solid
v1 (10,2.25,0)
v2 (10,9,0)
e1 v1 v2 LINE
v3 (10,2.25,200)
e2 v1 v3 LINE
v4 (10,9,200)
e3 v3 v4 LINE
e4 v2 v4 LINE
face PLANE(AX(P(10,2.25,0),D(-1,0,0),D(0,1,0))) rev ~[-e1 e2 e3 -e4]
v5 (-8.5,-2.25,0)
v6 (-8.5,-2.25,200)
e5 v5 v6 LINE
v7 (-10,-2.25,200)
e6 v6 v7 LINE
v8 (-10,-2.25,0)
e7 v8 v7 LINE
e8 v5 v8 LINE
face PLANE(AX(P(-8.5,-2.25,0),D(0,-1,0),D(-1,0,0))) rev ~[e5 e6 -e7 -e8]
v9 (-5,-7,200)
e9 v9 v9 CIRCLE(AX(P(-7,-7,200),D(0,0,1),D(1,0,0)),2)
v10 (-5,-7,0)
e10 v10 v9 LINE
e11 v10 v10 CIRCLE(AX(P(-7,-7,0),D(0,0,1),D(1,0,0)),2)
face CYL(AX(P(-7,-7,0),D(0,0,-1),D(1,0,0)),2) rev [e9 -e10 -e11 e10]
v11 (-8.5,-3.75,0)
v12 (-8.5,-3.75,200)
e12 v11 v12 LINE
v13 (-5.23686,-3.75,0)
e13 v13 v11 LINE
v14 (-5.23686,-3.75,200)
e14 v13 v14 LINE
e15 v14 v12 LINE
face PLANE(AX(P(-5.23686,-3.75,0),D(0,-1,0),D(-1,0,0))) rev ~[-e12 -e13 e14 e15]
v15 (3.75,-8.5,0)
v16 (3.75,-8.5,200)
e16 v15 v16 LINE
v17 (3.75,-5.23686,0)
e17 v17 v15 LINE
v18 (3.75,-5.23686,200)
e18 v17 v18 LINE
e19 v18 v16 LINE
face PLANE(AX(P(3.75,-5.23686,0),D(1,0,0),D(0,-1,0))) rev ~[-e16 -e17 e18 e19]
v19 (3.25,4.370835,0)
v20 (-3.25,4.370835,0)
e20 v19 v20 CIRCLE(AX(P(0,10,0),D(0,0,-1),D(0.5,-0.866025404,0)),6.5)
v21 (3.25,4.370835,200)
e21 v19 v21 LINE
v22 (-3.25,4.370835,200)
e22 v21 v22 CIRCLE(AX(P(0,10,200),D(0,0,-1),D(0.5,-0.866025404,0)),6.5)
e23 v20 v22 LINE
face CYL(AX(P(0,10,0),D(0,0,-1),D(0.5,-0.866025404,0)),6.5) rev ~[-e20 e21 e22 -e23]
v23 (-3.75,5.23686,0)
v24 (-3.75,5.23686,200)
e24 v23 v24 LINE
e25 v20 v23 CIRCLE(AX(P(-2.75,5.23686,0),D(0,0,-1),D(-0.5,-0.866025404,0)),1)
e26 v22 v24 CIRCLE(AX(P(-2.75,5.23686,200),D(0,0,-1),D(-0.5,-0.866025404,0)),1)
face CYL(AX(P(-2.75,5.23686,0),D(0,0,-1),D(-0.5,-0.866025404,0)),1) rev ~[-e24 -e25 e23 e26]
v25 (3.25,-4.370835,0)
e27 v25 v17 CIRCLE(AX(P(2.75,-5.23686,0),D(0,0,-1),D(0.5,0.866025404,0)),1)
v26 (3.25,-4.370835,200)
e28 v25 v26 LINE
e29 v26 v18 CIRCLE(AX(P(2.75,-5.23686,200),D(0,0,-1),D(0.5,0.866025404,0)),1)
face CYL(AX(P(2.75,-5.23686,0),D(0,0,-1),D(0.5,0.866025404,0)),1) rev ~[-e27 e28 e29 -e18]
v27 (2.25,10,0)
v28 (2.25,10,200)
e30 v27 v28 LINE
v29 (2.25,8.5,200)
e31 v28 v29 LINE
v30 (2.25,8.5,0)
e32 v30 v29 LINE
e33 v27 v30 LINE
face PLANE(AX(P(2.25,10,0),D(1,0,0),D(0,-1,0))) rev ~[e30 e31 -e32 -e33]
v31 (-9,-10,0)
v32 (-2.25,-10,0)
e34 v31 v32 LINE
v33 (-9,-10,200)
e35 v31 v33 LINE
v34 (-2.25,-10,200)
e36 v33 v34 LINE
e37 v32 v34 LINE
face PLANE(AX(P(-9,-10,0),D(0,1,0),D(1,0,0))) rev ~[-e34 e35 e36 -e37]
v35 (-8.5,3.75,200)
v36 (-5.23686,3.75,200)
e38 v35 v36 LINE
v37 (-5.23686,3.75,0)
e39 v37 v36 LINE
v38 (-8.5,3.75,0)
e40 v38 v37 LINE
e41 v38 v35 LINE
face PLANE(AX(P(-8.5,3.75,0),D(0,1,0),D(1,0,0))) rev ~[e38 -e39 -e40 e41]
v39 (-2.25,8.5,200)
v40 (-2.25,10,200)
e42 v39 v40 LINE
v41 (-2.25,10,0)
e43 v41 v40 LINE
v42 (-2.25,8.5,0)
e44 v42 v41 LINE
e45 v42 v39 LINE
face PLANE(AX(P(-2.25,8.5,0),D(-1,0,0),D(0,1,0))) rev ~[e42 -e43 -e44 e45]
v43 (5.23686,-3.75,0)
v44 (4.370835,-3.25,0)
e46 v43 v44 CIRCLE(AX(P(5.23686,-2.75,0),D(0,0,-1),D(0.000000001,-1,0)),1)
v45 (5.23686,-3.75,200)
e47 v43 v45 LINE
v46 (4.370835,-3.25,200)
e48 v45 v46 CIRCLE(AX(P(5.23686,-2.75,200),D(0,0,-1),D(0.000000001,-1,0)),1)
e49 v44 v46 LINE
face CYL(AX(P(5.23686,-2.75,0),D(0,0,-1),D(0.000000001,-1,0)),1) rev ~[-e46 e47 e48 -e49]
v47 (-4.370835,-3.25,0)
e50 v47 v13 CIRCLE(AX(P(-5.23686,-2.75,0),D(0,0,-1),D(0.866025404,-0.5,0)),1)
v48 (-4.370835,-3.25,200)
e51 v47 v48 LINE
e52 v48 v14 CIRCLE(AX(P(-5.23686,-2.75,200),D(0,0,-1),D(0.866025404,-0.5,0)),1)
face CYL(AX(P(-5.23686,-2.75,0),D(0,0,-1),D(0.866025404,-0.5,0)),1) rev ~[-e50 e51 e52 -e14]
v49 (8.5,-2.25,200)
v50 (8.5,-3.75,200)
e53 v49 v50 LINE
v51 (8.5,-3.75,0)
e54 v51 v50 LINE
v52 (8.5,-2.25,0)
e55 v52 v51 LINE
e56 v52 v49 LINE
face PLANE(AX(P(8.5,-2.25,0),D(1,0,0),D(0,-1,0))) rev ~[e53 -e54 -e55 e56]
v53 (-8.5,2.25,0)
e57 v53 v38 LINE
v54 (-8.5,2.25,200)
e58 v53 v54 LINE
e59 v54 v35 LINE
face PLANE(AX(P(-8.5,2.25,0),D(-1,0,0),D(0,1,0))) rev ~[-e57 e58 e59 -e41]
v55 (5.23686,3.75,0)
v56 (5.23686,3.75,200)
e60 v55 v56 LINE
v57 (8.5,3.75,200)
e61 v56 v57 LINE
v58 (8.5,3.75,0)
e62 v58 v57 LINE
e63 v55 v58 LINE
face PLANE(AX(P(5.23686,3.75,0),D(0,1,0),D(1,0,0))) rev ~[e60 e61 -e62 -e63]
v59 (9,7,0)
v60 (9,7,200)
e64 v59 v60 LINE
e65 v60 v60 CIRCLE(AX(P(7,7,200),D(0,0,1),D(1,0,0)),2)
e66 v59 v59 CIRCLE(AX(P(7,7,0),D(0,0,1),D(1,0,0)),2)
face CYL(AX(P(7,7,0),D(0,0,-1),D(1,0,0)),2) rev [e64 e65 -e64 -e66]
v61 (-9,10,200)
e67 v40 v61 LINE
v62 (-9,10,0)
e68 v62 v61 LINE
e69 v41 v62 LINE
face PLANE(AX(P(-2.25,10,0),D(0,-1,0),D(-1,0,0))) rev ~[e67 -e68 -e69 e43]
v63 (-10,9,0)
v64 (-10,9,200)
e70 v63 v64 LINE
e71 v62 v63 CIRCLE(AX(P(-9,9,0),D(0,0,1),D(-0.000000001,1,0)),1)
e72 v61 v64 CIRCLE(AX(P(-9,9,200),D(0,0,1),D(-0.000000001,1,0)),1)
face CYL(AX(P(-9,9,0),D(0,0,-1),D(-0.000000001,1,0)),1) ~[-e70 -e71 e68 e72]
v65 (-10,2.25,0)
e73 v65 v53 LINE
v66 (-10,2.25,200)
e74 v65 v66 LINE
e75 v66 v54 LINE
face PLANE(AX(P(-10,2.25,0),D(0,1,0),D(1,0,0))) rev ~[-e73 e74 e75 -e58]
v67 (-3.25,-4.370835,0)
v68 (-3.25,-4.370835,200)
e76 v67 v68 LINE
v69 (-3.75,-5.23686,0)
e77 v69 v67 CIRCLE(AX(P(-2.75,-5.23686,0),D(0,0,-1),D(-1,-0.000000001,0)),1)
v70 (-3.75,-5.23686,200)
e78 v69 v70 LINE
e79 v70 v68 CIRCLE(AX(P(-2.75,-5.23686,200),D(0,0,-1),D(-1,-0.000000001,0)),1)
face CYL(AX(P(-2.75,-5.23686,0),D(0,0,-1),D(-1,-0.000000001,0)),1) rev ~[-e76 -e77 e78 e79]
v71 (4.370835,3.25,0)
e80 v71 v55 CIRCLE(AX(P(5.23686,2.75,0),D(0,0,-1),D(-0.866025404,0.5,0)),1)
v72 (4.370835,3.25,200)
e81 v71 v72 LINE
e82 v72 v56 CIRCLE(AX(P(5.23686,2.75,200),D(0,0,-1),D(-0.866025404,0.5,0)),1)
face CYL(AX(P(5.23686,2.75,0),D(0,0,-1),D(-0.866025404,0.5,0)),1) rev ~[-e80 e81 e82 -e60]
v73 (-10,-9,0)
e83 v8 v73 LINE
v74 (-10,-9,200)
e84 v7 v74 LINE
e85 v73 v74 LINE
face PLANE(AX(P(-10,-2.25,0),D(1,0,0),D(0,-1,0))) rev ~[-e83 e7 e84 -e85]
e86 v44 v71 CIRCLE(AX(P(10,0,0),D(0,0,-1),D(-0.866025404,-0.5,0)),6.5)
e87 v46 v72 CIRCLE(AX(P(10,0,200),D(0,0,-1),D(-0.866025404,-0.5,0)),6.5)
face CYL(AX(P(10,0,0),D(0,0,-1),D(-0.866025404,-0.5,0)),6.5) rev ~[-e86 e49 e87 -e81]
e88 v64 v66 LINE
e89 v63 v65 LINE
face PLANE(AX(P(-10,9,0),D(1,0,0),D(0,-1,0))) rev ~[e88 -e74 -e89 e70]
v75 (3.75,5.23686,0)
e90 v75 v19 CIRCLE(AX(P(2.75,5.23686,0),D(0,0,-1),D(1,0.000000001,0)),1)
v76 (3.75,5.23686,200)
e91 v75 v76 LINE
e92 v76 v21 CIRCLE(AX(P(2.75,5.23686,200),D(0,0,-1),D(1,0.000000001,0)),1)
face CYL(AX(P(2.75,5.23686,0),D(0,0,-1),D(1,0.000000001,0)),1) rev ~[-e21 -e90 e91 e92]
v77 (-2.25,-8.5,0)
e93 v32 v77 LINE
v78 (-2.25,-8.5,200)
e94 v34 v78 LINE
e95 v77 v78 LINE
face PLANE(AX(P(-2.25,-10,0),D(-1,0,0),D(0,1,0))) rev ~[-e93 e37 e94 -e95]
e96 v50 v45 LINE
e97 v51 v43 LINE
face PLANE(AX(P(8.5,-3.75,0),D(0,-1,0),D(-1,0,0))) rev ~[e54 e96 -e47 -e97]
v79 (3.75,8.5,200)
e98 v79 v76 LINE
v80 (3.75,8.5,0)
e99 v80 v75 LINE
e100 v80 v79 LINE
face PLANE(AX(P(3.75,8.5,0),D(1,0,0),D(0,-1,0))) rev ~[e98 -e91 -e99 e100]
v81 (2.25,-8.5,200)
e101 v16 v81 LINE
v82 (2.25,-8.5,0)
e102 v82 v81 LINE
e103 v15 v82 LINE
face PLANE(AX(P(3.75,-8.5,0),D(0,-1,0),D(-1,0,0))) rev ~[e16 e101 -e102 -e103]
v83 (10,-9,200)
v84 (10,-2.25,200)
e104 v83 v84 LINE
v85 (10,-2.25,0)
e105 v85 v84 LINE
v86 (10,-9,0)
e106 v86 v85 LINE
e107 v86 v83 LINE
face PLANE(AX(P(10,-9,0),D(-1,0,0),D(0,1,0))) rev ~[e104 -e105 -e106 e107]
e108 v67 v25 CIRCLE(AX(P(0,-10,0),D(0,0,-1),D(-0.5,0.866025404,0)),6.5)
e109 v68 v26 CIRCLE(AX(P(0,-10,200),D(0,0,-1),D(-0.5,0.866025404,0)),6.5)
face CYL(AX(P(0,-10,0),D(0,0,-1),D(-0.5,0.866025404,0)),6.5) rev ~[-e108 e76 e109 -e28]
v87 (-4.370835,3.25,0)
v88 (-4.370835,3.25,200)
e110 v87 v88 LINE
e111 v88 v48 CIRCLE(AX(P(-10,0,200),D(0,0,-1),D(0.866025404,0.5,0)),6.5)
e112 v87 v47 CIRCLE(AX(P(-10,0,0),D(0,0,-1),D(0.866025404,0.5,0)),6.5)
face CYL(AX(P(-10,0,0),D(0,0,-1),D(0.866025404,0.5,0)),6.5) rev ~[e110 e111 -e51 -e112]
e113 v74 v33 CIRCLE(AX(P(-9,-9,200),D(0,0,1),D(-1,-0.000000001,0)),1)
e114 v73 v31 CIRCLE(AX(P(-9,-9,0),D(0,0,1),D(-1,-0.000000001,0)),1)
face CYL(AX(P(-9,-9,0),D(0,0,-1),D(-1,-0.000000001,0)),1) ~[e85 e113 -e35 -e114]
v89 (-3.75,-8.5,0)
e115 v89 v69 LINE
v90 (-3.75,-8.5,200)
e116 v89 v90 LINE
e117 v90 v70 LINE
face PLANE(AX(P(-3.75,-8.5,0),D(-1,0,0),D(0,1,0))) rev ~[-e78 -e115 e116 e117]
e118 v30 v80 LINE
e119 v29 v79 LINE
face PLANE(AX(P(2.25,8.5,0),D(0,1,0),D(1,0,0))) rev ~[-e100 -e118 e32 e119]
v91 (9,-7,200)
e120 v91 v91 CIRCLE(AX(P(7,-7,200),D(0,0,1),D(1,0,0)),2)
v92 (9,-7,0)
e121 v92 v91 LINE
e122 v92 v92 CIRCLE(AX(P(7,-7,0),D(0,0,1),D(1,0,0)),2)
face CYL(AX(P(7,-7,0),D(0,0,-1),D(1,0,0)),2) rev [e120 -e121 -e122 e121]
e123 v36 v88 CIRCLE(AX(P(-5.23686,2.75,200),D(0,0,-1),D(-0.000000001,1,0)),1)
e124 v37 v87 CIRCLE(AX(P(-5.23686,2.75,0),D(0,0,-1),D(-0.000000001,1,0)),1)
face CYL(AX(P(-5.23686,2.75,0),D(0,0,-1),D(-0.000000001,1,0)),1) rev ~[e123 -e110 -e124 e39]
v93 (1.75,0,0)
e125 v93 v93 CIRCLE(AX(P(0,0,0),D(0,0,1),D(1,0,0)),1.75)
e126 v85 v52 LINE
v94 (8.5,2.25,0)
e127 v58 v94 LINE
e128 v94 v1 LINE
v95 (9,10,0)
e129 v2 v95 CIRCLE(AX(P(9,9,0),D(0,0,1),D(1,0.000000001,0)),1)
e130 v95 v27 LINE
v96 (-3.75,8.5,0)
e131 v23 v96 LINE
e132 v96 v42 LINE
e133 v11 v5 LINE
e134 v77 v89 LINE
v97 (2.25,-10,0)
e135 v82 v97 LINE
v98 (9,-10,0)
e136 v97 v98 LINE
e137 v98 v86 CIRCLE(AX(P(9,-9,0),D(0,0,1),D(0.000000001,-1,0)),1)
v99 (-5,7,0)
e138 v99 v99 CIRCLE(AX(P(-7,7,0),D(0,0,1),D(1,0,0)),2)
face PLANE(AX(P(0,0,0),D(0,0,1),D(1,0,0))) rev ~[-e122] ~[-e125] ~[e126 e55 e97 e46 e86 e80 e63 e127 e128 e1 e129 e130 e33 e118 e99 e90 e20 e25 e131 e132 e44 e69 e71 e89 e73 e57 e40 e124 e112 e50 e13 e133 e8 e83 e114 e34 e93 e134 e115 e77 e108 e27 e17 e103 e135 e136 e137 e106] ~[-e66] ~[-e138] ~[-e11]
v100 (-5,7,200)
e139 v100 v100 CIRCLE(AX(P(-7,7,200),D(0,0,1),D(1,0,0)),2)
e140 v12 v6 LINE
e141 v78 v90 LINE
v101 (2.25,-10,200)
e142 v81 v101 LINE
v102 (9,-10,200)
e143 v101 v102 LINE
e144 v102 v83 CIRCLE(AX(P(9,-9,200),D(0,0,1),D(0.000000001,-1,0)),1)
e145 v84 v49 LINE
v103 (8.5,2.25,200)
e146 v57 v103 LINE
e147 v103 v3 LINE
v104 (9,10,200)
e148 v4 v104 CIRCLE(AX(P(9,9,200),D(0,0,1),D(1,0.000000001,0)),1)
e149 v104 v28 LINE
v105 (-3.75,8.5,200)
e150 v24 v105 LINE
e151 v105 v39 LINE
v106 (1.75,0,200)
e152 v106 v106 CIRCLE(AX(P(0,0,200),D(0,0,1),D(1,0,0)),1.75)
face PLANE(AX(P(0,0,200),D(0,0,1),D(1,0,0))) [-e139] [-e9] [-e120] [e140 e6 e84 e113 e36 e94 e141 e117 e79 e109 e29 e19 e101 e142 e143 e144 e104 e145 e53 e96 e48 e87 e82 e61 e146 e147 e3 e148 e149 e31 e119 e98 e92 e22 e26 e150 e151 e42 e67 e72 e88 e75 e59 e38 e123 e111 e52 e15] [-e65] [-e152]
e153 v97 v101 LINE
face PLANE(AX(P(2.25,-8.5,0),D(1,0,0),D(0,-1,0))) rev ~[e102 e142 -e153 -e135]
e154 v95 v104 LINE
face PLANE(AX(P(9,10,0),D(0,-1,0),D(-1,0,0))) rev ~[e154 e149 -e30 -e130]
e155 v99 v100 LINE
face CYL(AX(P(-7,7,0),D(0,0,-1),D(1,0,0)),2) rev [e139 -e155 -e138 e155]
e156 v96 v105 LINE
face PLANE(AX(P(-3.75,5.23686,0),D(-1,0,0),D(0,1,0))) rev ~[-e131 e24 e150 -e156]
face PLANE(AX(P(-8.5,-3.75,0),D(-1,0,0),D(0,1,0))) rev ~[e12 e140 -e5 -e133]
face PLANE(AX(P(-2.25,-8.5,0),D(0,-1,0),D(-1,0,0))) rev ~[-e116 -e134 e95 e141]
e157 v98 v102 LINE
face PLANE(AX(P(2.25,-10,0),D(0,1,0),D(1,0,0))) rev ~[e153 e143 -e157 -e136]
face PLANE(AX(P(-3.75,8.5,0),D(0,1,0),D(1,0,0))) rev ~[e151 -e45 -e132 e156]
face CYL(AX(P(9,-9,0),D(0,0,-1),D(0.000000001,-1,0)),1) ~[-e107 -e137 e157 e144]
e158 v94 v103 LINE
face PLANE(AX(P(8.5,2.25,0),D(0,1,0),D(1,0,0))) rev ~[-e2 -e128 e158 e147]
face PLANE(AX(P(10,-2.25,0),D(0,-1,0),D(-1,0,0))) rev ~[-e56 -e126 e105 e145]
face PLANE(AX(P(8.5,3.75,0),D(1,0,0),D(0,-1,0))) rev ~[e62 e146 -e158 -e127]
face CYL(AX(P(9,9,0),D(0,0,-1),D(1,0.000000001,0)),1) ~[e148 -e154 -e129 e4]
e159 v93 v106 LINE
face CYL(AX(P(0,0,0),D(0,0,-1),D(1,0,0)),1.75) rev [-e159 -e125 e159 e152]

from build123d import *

# Parameters (mm, degrees)
SKETCH1_R           = 2
SKETCH1_R_2         = 1.75
BOSS_EXTRUDE1_DEPTH = 200


with BuildPart() as part:
    # Sketch1 → Boss-Extrude1 (new body)
    with BuildSketch(Plane.XY):
        with BuildLine():
            Line((-10, 9), (-10, 2.25))
            Line((-10, 2.25), (-8.5, 2.25))
            Line((-8.5, 2.25), (-8.5, 3.75))
            Line((-8.5, 3.75), (-5.236860279, 3.75))
            ThreePointArc((-5.236860279, 3.75), (-4.736860279, 3.616025404), (-4.370834875, 3.25))
            ThreePointArc((-4.370834875, 3.25), (-3.5, 0), (-4.370834875, -3.25))
            ThreePointArc((-4.370834875, -3.25), (-4.736860279, -3.616025404), (-5.236860279, -3.75))
            Line((-5.236860279, -3.75), (-8.5, -3.75))
            Line((-8.5, -3.75), (-8.5, -2.25))
            Line((-8.5, -2.25), (-10, -2.25))
            Line((-10, -2.25), (-10, -9))
            ThreePointArc((-10, -9), (-9.707106781, -9.707106781), (-9, -10))
            Line((-9, -10), (-2.25, -10))
            Line((-2.25, -10), (-2.25, -8.5))
            Line((-2.25, -8.5), (-3.75, -8.5))
            Line((-3.75, -8.5), (-3.75, -5.236860279))
            ThreePointArc((-3.75, -5.236860279), (-3.616025404, -4.736860279), (-3.25, -4.370834875))
            ThreePointArc((-3.25, -4.370834875), (0, -3.5), (3.25, -4.370834875))
            ThreePointArc((3.25, -4.370834875), (3.616025404, -4.736860279), (3.75, -5.236860279))
            Line((3.75, -5.236860279), (3.75, -8.5))
            Line((3.75, -8.5), (2.25, -8.5))
            Line((2.25, -8.5), (2.25, -10))
            Line((2.25, -10), (9, -10))
            ThreePointArc((9, -10), (9.707106781, -9.707106781), (10, -9))
            Line((10, -9), (10, -2.25))
            Line((10, -2.25), (8.5, -2.25))
            Line((8.5, -2.25), (8.5, -3.75))
            Line((8.5, -3.75), (5.236860279, -3.75))
            ThreePointArc((5.236860279, -3.75), (4.736860279, -3.616025404), (4.370834875, -3.25))
            ThreePointArc((4.370834875, -3.25), (3.5, 0), (4.370834875, 3.25))
            ThreePointArc((4.370834875, 3.25), (4.736860279, 3.616025404), (5.236860279, 3.75))
            Line((5.236860279, 3.75), (8.5, 3.75))
            Line((8.5, 3.75), (8.5, 2.25))
            Line((8.5, 2.25), (10, 2.25))
            Line((10, 2.25), (10, 9))
            ThreePointArc((10, 9), (9.707106781, 9.707106781), (9, 10))
            Line((9, 10), (2.25, 10))
            Line((2.25, 10), (2.25, 8.5))
            Line((2.25, 8.5), (3.75, 8.5))
            Line((3.75, 8.5), (3.75, 5.236860279))
            ThreePointArc((3.75, 5.236860279), (3.616025404, 4.736860279), (3.25, 4.370834875))
            ThreePointArc((3.25, 4.370834875), (0, 3.5), (-3.25, 4.370834875))
            ThreePointArc((-3.25, 4.370834875), (-3.616025404, 4.736860279), (-3.75, 5.236860279))
            Line((-3.75, 5.236860279), (-3.75, 8.5))
            Line((-3.75, 8.5), (-2.25, 8.5))
            Line((-2.25, 8.5), (-2.25, 10))
            Line((-2.25, 10), (-9, 10))
            ThreePointArc((-9, 10), (-9.707106781, 9.707106781), (-10, 9))
        make_face()
        with Locations((-7, -7)):
            Circle(SKETCH1_R, mode=Mode.SUBTRACT)
        with Locations((7, -7)):
            Circle(SKETCH1_R, mode=Mode.SUBTRACT)
        with Locations((7, 7)):
            Circle(SKETCH1_R, mode=Mode.SUBTRACT)
        Circle(SKETCH1_R_2, mode=Mode.SUBTRACT)
        with Locations((-7, 7)):
            Circle(SKETCH1_R, mode=Mode.SUBTRACT)
    extrude(amount=BOSS_EXTRUDE1_DEPTH)


solid = part.part
